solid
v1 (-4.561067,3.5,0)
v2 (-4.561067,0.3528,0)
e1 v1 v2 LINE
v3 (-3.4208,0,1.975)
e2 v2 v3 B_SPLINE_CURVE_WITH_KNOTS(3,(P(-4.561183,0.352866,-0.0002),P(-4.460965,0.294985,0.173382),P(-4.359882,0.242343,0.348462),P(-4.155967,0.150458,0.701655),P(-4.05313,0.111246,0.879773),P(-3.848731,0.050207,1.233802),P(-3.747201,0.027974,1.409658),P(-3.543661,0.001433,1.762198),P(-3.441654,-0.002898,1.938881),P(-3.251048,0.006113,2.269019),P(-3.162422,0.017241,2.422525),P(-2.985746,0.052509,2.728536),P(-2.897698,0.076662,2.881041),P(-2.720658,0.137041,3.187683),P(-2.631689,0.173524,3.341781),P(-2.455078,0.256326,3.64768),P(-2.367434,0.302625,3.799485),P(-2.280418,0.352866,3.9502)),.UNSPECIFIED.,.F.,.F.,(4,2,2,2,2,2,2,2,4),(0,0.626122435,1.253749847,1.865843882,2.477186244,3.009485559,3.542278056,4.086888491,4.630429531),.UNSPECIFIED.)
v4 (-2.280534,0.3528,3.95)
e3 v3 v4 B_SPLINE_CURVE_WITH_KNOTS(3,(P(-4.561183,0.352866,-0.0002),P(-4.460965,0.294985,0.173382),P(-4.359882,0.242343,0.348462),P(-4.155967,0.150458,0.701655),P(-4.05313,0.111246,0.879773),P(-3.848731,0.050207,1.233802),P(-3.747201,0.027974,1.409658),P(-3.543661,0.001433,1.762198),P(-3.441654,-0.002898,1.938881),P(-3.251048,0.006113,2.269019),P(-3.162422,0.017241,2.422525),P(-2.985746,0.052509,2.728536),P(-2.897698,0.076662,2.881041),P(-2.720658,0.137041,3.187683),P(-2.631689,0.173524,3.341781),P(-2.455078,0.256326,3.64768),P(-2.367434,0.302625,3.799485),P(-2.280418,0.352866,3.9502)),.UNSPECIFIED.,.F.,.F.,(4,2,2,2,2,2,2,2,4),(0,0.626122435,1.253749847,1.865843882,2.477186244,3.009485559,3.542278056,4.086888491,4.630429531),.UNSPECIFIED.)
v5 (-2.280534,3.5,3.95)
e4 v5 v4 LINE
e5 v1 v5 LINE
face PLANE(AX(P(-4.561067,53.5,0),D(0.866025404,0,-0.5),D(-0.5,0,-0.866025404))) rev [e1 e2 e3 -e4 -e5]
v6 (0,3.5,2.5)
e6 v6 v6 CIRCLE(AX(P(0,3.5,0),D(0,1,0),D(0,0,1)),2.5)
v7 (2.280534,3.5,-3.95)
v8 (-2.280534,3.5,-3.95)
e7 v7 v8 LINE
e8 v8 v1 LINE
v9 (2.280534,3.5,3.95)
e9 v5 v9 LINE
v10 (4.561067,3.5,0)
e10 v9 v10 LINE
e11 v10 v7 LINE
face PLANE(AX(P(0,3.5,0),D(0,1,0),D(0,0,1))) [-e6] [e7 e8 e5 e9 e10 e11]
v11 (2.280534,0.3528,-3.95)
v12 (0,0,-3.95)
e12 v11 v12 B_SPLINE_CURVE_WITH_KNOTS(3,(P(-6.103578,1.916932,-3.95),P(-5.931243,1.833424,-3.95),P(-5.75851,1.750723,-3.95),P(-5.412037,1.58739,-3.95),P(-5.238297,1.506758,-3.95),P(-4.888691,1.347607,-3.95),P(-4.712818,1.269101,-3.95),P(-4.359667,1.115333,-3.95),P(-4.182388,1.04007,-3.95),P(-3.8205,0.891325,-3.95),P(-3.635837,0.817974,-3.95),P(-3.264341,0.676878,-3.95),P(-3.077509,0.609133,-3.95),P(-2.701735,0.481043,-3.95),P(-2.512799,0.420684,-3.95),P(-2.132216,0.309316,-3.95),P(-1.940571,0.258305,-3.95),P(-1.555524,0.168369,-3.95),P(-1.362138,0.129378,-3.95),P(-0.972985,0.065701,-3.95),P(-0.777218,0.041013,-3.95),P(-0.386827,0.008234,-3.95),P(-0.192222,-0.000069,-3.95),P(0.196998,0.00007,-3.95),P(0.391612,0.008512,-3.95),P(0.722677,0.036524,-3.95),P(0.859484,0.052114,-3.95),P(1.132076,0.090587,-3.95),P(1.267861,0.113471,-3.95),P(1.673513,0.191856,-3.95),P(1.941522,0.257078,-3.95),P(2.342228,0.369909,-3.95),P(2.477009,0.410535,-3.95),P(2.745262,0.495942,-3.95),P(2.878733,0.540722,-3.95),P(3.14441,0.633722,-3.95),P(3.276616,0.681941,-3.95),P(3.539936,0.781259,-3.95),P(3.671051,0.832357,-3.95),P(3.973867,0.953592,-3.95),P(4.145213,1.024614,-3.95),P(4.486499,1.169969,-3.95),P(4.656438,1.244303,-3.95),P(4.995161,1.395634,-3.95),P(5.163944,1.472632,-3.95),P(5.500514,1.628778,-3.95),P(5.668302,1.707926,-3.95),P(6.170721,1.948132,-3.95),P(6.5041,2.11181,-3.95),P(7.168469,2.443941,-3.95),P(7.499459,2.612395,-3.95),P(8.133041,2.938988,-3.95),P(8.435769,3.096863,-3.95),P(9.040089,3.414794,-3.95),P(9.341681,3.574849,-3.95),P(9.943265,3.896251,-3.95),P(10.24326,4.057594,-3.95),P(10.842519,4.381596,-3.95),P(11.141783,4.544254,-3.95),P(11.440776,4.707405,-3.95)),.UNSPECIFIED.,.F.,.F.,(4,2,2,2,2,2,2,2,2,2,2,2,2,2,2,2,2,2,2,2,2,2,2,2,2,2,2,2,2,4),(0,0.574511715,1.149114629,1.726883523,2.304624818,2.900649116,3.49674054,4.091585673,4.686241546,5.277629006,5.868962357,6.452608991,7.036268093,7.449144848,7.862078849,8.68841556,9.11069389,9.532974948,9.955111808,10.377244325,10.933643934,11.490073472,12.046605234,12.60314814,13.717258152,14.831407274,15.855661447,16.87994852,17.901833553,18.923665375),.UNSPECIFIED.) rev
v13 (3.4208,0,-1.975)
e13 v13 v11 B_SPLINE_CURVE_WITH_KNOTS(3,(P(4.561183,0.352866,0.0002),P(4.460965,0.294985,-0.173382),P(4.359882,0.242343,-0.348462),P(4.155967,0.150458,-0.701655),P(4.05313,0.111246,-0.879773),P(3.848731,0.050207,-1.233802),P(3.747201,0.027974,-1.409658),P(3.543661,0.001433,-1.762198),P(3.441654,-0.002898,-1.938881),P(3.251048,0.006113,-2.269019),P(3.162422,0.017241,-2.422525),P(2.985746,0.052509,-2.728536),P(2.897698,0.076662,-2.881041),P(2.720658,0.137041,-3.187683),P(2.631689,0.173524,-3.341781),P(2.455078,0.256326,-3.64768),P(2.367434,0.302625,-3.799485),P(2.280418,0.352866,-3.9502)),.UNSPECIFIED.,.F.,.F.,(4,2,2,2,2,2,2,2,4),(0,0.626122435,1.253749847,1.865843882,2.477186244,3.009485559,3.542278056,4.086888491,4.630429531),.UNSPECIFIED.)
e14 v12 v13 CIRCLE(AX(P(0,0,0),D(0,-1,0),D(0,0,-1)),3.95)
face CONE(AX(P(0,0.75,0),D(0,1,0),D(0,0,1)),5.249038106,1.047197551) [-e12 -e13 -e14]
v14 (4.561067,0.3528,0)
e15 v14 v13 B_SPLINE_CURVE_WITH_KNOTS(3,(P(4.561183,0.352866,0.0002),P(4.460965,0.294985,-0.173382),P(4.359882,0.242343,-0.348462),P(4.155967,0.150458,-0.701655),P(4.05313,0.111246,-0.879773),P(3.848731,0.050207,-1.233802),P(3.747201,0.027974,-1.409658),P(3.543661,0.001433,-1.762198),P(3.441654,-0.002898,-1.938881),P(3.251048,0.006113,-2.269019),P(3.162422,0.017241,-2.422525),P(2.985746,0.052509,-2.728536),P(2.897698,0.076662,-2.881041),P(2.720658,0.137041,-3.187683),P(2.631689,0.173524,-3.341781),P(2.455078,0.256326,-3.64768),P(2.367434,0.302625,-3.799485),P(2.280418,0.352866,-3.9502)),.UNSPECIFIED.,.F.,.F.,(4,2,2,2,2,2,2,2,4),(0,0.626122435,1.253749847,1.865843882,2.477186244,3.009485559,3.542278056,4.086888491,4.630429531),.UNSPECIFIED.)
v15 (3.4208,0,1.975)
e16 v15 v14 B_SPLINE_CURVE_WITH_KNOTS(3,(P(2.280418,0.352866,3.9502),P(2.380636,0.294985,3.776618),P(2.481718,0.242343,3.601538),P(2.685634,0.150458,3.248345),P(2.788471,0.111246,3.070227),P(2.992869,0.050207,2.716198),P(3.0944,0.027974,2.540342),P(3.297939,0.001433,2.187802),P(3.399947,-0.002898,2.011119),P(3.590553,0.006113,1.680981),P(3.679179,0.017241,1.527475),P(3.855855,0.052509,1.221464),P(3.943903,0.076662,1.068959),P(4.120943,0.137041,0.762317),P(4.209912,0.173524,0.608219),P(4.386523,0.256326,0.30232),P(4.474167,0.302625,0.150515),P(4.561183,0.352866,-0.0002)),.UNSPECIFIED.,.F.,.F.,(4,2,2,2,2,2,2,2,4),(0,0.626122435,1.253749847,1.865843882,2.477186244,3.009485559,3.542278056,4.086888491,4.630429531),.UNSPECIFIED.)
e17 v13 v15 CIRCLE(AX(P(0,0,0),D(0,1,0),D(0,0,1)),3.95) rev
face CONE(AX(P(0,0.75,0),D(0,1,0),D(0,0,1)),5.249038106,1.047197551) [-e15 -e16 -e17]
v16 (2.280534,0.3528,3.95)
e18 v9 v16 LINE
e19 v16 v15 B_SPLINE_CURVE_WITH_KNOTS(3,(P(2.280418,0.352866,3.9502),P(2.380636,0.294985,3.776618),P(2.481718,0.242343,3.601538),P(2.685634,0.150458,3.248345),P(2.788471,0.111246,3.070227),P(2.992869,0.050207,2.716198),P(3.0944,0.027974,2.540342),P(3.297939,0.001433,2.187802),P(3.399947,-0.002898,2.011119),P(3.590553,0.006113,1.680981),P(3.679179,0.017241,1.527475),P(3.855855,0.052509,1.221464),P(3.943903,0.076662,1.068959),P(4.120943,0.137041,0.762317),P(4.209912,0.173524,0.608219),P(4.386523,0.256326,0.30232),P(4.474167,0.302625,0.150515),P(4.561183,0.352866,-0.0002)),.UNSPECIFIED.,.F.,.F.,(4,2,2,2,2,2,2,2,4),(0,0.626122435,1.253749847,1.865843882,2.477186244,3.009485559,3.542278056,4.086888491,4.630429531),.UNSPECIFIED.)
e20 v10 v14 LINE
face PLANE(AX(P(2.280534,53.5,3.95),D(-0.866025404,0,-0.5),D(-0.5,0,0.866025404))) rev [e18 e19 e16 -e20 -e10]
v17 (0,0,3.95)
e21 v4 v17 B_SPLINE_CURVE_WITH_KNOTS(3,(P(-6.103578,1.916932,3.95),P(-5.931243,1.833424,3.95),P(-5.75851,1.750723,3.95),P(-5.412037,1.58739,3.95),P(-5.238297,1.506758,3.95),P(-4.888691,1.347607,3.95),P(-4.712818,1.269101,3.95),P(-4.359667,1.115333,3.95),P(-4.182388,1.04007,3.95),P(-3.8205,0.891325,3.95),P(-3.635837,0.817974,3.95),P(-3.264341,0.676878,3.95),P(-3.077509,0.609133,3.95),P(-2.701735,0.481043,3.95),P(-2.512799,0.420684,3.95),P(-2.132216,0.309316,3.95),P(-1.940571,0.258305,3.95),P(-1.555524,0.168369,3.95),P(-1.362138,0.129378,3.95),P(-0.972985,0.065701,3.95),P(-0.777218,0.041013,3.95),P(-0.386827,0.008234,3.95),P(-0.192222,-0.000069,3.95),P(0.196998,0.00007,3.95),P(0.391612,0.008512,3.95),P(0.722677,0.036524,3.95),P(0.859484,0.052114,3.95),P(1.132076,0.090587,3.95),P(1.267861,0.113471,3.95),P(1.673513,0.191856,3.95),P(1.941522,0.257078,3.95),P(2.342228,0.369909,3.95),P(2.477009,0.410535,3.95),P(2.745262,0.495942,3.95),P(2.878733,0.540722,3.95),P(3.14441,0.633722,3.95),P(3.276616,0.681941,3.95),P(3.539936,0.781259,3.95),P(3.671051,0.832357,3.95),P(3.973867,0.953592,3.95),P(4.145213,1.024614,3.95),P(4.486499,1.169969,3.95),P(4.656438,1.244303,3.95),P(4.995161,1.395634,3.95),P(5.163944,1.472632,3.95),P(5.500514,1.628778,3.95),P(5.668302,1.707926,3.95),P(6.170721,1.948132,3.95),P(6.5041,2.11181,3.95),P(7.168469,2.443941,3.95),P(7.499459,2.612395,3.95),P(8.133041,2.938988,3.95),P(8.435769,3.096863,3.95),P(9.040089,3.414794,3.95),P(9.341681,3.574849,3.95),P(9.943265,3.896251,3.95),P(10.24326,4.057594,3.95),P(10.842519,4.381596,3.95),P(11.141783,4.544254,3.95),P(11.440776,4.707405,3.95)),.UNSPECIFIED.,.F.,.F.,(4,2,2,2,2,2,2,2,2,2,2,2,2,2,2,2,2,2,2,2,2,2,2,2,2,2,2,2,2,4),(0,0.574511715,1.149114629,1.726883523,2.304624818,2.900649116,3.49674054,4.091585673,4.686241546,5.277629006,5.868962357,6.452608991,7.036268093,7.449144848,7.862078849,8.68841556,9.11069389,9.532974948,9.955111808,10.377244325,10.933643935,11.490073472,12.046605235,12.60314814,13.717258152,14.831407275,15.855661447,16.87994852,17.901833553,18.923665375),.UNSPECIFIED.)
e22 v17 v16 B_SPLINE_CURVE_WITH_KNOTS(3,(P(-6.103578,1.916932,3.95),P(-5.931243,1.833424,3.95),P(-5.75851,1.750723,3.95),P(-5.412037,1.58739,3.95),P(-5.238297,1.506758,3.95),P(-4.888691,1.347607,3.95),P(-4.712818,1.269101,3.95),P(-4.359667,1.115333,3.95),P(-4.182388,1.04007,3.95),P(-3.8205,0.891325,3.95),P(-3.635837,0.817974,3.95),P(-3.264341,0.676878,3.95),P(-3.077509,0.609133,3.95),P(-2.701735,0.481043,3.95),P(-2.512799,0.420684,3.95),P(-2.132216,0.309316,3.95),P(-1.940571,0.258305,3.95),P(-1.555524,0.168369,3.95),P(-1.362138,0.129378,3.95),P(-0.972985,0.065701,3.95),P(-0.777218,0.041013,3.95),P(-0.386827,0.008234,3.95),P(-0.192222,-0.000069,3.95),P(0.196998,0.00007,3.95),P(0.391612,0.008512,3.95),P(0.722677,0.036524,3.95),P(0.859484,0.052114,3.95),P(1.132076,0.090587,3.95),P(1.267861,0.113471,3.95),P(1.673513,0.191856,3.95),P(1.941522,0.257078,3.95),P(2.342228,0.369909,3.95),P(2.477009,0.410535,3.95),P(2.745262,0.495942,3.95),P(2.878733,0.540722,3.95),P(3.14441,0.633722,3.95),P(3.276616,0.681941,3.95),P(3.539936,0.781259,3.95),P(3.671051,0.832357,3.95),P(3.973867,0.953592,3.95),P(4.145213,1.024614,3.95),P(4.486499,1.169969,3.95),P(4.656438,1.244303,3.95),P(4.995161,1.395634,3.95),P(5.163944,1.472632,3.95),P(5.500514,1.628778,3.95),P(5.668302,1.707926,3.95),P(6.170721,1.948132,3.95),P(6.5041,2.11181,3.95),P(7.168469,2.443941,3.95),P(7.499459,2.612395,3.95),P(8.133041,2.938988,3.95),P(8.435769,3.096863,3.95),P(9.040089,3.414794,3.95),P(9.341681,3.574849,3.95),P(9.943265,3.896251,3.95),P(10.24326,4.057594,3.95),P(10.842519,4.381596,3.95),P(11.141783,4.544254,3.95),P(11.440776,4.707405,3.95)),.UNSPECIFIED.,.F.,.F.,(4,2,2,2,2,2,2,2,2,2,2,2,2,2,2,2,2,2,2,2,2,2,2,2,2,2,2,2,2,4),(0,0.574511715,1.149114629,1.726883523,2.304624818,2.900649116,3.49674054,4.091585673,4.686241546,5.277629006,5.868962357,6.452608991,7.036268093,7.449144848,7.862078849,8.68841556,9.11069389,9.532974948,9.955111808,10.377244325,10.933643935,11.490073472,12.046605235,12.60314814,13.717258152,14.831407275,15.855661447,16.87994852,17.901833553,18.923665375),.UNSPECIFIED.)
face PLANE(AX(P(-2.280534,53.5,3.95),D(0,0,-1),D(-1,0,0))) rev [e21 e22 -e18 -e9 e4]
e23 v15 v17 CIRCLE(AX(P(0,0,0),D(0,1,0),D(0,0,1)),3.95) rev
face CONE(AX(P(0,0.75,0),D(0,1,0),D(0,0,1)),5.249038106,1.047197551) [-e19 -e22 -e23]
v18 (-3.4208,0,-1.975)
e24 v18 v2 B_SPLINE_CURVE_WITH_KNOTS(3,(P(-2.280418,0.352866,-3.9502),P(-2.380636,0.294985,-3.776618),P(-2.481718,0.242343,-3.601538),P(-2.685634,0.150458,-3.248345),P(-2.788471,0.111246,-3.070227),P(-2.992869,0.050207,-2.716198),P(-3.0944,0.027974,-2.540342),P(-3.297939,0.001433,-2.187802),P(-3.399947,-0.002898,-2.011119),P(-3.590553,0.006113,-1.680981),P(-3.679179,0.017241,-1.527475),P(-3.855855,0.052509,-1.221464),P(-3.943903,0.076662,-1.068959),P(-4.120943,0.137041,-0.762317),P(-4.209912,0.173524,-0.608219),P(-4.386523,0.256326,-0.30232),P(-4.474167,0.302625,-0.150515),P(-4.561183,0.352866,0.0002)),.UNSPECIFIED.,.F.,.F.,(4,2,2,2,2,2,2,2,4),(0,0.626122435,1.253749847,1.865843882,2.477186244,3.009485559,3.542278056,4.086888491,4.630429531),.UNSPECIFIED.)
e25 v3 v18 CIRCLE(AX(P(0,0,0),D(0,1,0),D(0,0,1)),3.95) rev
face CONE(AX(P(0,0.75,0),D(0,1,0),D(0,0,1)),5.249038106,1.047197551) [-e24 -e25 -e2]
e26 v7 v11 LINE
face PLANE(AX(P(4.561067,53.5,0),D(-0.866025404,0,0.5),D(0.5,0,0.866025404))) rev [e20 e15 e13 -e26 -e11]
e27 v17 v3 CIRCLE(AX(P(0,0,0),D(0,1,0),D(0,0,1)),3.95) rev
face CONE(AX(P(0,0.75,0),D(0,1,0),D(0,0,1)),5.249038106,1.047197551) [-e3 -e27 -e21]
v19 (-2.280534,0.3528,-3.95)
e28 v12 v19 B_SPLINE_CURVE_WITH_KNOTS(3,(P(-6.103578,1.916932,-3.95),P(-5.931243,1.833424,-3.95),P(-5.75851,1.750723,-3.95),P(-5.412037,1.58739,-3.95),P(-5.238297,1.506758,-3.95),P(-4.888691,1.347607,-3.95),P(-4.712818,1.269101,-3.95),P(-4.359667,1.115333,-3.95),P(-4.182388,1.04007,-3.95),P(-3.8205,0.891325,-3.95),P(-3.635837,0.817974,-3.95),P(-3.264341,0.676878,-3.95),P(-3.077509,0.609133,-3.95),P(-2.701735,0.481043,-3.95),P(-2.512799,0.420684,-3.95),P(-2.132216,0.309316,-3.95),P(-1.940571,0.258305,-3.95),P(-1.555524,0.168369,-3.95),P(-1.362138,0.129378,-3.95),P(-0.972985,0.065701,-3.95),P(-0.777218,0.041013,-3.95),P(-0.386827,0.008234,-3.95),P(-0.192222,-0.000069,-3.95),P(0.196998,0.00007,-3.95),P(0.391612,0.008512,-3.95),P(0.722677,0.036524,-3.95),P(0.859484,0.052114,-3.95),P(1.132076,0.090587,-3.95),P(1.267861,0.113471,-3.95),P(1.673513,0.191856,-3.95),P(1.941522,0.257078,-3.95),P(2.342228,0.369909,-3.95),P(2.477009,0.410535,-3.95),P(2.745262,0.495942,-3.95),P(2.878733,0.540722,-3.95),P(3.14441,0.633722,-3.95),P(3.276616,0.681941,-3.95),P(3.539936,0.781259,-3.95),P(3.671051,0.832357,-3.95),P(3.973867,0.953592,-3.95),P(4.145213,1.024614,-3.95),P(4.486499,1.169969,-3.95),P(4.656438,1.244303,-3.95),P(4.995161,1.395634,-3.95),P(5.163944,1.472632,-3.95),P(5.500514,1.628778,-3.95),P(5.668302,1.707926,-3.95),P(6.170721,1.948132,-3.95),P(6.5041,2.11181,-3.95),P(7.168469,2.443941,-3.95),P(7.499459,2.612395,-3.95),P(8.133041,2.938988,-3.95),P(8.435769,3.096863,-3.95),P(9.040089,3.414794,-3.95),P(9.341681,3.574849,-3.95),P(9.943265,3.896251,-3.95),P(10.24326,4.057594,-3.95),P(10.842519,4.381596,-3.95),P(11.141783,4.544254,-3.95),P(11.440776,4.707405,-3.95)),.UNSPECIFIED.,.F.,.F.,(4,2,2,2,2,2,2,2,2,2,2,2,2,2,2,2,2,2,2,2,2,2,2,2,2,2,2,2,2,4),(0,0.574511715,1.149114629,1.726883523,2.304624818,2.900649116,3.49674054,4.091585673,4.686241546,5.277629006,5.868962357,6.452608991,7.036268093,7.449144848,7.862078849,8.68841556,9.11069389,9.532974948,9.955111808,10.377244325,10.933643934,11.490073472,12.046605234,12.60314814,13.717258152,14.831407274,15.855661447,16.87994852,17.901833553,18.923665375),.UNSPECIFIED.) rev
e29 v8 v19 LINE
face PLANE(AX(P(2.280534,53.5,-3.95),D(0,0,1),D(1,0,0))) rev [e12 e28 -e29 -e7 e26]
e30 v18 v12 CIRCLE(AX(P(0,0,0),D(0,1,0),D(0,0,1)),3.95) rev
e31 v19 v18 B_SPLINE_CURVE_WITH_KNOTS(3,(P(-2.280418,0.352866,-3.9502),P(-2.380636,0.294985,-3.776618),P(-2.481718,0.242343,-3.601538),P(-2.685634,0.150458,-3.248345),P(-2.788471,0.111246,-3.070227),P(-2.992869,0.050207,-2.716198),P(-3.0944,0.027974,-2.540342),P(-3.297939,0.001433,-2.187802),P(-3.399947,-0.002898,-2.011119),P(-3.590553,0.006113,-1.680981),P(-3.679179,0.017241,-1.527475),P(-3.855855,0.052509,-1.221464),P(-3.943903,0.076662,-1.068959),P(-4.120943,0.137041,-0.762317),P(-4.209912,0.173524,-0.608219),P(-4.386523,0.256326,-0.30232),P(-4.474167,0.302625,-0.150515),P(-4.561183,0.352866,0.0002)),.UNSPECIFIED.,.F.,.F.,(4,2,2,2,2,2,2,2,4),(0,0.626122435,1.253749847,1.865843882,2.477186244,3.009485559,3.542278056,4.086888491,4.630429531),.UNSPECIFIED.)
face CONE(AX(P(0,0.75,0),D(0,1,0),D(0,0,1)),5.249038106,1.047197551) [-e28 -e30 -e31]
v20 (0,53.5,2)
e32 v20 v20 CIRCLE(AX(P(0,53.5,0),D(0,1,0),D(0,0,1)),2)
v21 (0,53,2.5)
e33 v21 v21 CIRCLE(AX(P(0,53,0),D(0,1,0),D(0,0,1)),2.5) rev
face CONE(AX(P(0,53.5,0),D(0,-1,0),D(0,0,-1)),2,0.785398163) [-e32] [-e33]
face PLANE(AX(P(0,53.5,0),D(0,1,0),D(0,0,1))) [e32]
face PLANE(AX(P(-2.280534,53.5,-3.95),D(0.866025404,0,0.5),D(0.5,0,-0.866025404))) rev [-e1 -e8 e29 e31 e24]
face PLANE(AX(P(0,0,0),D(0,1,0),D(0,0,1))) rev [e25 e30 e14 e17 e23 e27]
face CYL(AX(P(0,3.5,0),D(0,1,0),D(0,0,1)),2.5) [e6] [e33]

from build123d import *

# Parameters (mm, degrees)
BOSS_EXTRUDE1_DEPTH = 53.5
SKETCH2_OUTSIDE_W   = 22.09
SKETCH2_OUTSIDE_H   = 20.868
SKETCH2_OUTSIDE_R   = 2.5
CUT_EXTRUDE1_DEPTH  = 50
CHAMFER1_SIZE       = 0.5


with BuildPart() as part:
    # Sketch1 → Boss-Extrude1 (new body)
    with BuildSketch(Plane(origin=(0, 0, 0), x_dir=(1, 0, 0), z_dir=(0, 1, 0))):
        Polygon((4.561067127, 0), (2.280533563, 3.95), (-2.280533563, 3.95), (-4.561067127, 0), (-2.280533563, -3.95), (2.280533563, -3.95), align=None)
    extrude(amount=BOSS_EXTRUDE1_DEPTH)

    # Sketch2 outside → Cut-Extrude1 (cut)
    with BuildSketch(Plane(origin=(0, 53.5, 0), x_dir=(1, 0, 0), z_dir=(0, 1, 0))):
        Rectangle(SKETCH2_OUTSIDE_W, SKETCH2_OUTSIDE_H)
        with Locations(Location((0, 0, 0), (0, 0, 270))):
            Circle(SKETCH2_OUTSIDE_R, mode=Mode.SUBTRACT)
    extrude(amount=-CUT_EXTRUDE1_DEPTH, mode=Mode.SUBTRACT)

    # Sketch3 → Cut-Revolve1 (revolve, cut)
    with BuildSketch(Plane(origin=(0, 0, 0), x_dir=(0, 0, -1), z_dir=(1, 0, 0))):
        Polygon((3.95, 0), (5.249038106, 0.75), (5.249038106, -0.75), align=None)
    revolve(axis=Axis((0, 3.5, 0), (0, 1, 0)), mode=Mode.SUBTRACT)

    # Chamfer1
    chamfer1_edges = [part.edges().sort_by_distance(p)[0] for p in [
        (0, 53.5, -2.5),
    ]]
    chamfer(chamfer1_edges, length=CHAMFER1_SIZE)


solid = part.part
